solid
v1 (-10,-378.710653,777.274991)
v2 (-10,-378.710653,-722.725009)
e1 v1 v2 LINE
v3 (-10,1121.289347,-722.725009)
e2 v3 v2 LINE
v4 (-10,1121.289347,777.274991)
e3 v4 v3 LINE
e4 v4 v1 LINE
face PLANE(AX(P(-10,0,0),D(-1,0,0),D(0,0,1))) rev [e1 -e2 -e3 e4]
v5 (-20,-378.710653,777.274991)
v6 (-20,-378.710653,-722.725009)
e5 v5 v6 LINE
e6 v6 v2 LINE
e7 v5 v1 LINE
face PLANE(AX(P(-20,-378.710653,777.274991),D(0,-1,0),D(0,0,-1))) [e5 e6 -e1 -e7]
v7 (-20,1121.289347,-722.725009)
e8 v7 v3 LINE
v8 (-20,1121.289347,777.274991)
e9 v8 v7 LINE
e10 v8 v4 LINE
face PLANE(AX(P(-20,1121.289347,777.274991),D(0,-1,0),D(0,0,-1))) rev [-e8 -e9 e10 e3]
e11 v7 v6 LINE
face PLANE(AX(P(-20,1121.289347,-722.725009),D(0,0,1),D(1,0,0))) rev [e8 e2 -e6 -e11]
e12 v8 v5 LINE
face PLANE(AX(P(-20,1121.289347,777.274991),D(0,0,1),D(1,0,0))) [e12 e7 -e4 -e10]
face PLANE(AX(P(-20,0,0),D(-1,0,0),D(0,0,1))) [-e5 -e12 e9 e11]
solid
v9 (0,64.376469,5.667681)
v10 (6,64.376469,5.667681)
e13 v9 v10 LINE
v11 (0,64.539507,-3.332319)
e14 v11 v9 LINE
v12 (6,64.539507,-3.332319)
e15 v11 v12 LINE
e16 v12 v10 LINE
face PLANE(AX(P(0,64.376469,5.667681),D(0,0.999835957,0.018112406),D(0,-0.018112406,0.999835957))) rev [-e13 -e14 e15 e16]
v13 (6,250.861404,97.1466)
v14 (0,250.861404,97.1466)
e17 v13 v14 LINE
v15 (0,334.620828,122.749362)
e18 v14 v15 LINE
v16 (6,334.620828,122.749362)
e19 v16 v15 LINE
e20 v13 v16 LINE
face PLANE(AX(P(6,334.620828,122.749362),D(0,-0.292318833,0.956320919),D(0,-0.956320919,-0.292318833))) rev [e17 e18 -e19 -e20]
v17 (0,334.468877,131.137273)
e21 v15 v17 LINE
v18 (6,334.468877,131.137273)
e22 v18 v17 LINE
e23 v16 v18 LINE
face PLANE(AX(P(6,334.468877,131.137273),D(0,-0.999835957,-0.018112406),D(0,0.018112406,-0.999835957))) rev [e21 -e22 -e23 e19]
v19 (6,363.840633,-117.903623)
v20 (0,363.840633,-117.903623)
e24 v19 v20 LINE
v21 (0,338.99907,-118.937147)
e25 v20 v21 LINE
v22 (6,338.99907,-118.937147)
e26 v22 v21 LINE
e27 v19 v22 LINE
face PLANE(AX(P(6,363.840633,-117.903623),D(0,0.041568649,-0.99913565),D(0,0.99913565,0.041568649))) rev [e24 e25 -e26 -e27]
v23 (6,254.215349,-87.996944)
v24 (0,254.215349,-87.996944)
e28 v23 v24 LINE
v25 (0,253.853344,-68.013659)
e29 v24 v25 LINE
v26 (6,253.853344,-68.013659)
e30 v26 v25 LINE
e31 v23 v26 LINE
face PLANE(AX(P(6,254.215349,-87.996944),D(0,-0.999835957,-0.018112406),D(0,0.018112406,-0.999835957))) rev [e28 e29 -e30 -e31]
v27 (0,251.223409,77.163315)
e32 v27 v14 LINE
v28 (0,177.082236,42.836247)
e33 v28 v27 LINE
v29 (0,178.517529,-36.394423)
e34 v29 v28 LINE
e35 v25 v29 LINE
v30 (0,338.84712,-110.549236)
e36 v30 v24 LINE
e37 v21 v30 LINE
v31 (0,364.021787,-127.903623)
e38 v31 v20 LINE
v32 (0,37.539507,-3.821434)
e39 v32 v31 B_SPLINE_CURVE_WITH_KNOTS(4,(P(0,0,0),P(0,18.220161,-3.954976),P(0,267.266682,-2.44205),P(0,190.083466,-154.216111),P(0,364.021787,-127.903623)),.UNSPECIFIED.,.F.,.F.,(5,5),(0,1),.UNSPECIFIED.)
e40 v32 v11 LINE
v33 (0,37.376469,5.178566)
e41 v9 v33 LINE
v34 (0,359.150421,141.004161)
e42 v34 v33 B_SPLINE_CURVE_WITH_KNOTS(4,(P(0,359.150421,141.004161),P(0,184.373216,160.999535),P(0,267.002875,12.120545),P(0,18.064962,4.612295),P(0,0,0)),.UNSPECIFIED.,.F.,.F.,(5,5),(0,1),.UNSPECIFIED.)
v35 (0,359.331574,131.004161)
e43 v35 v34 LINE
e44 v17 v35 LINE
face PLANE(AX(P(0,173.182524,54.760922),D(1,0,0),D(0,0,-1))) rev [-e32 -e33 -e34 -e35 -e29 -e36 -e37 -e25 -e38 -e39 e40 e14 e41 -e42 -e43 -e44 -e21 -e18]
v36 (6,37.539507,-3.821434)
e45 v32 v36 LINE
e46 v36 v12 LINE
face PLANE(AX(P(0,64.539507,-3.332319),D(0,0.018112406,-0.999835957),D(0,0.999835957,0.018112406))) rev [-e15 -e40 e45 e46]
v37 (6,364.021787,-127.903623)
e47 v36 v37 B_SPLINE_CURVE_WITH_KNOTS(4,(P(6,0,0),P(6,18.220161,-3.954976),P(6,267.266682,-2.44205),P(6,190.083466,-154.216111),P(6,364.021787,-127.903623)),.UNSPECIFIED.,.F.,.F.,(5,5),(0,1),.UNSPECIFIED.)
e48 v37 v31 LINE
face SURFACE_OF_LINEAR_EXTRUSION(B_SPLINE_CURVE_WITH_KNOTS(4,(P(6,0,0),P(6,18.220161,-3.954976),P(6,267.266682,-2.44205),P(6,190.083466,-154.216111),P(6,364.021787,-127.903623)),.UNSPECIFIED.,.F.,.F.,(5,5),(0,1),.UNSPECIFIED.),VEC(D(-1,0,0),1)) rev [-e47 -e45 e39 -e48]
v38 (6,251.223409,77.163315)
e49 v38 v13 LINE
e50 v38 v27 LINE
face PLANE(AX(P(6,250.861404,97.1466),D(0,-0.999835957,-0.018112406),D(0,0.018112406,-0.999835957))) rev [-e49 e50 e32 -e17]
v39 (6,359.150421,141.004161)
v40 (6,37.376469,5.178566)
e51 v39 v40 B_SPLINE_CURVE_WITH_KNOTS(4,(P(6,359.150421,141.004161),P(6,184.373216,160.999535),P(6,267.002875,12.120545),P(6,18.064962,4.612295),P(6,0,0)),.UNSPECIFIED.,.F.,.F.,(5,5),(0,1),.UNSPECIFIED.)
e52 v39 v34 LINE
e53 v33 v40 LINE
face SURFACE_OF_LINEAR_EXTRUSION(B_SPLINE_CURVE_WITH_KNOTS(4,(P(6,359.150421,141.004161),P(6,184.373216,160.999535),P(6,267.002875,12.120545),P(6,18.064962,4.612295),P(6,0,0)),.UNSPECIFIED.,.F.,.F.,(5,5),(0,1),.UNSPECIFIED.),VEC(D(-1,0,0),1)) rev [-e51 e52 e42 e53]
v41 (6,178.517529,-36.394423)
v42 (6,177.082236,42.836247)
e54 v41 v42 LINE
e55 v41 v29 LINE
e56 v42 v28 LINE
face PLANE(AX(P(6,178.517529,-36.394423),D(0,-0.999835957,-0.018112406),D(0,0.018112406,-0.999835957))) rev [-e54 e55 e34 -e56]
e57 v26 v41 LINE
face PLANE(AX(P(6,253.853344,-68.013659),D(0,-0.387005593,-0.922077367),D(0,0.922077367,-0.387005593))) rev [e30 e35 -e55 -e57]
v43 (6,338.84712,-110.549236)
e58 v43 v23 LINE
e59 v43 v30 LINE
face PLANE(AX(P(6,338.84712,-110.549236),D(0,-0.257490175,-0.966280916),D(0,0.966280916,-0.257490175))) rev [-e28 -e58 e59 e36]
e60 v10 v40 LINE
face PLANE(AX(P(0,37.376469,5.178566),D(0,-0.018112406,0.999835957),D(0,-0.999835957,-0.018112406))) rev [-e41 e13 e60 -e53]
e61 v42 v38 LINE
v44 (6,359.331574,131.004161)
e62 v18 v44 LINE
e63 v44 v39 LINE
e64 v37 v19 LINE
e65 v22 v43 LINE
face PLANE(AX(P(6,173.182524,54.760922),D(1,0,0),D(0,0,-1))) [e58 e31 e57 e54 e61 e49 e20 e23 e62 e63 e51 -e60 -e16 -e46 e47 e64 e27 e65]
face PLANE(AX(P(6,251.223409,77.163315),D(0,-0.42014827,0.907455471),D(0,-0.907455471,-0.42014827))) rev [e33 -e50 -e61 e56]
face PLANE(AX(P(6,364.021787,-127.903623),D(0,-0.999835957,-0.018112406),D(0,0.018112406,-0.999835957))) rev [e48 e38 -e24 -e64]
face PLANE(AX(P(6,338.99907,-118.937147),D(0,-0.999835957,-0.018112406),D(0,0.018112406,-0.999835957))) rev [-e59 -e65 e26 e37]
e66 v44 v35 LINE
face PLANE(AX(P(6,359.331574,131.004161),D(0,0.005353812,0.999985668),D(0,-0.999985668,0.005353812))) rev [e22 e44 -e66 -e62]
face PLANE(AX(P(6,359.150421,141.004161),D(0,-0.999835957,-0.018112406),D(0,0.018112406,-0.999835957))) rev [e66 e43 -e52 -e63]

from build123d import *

# Parameters (mm, degrees)
BOSS_EXTRU_2_DEPTH      = 10
BOSS_EXTRU_3_DEPTH      = 6
ENL_V_MAT_EXTRU_1_DEPTH = 6


with BuildPart() as part:
    # Esquisse3D1 → Boss.-Extru.2 (new body)
    with BuildSketch(Plane(origin=(-20, 1121.289346724, 777.274991403), x_dir=(0, -0.7071067811865476, -0.7071067811865476), z_dir=(1, 0, 0))):
        Polygon((0, 0), (1060.66017178, 1060.66017178), (2121.32034356, 0), (1060.66017178, -1060.66017178), align=None)
    extrude(amount=BOSS_EXTRU_2_DEPTH)


with BuildPart() as body_2:
    # Esquisse5 → Boss.-Extru.3 (new body)
    with BuildSketch(Plane(origin=(0, 0, 0), x_dir=(0, 0, -1), z_dir=(1, 0, 0))):
        with BuildLine():
            Line((127.903623433, 364.021786679), (117.903623433, 363.840632906))
            Line((117.903623433, 363.840632906), (118.937146978, 338.999069943))
            Line((118.937146978, 338.999069943), (110.549236226, 338.847119775))
            Line((110.549236226, 338.847119775), (87.996944079, 254.215348918))
            Line((87.996944079, 254.215348918), (68.013658913, 253.853344169))
            Line((68.013658913, 253.853344169), (36.394423086, 178.51752917))
            Line((36.394423086, 178.51752917), (-42.836246978, 177.082235691))
            Line((-42.836246978, 177.082235691), (-77.163314831, 251.22340852))
            Line((-77.163314831, 251.22340852), (-97.146599997, 250.861403771))
            Line((-97.146599997, 250.861403771), (-122.749362163, 334.620827652))
            Line((-122.749362163, 334.620827652), (-131.137272915, 334.468877484))
            Line((-131.137272915, 334.468877484), (-131.004160791, 359.331574493))
            Line((-131.004160791, 359.331574493), (-141.004160791, 359.150420721))
            add(Edge.make_bspline(
                [(0, 0), (-4.612294832, 18.064961959), (-12.120544798, 267.002875028), (-160.999534843, 184.373215516), (-141.004160791, 359.150420721)],
                knots=[0, 0, 0, 0, 0, 1, 1, 1, 1, 1], degree=4))
            add(Edge.make_bspline(
                [(0, 0), (3.954976136, 18.220161304), (2.442050218, 267.26668193), (154.216110794, 190.083465854), (127.903623433, 364.021786679)],
                knots=[0, 0, 0, 0, 0, 1, 1, 1, 1, 1], degree=4))
        make_face()
    extrude(amount=BOSS_EXTRU_3_DEPTH)

    # Esquisse6 → Enlèv. mat.-Extru.1 (cut)
    with BuildSketch(Plane(origin=(6, 0, 0), x_dir=(0, 0, -1), z_dir=(1, 0, 0))):
        Polygon((-5.178565587, 37.37646897), (-5.667680773, 64.37646897), (3.332319227, 64.539507366), (3.821434413, 37.539507366), (117.063261114, -47.52702125), (-85.227699586, -65.220017949), align=None)
    extrude(amount=-ENL_V_MAT_EXTRU_1_DEPTH, mode=Mode.SUBTRACT)


solid = Compound([part.part, body_2.part])
